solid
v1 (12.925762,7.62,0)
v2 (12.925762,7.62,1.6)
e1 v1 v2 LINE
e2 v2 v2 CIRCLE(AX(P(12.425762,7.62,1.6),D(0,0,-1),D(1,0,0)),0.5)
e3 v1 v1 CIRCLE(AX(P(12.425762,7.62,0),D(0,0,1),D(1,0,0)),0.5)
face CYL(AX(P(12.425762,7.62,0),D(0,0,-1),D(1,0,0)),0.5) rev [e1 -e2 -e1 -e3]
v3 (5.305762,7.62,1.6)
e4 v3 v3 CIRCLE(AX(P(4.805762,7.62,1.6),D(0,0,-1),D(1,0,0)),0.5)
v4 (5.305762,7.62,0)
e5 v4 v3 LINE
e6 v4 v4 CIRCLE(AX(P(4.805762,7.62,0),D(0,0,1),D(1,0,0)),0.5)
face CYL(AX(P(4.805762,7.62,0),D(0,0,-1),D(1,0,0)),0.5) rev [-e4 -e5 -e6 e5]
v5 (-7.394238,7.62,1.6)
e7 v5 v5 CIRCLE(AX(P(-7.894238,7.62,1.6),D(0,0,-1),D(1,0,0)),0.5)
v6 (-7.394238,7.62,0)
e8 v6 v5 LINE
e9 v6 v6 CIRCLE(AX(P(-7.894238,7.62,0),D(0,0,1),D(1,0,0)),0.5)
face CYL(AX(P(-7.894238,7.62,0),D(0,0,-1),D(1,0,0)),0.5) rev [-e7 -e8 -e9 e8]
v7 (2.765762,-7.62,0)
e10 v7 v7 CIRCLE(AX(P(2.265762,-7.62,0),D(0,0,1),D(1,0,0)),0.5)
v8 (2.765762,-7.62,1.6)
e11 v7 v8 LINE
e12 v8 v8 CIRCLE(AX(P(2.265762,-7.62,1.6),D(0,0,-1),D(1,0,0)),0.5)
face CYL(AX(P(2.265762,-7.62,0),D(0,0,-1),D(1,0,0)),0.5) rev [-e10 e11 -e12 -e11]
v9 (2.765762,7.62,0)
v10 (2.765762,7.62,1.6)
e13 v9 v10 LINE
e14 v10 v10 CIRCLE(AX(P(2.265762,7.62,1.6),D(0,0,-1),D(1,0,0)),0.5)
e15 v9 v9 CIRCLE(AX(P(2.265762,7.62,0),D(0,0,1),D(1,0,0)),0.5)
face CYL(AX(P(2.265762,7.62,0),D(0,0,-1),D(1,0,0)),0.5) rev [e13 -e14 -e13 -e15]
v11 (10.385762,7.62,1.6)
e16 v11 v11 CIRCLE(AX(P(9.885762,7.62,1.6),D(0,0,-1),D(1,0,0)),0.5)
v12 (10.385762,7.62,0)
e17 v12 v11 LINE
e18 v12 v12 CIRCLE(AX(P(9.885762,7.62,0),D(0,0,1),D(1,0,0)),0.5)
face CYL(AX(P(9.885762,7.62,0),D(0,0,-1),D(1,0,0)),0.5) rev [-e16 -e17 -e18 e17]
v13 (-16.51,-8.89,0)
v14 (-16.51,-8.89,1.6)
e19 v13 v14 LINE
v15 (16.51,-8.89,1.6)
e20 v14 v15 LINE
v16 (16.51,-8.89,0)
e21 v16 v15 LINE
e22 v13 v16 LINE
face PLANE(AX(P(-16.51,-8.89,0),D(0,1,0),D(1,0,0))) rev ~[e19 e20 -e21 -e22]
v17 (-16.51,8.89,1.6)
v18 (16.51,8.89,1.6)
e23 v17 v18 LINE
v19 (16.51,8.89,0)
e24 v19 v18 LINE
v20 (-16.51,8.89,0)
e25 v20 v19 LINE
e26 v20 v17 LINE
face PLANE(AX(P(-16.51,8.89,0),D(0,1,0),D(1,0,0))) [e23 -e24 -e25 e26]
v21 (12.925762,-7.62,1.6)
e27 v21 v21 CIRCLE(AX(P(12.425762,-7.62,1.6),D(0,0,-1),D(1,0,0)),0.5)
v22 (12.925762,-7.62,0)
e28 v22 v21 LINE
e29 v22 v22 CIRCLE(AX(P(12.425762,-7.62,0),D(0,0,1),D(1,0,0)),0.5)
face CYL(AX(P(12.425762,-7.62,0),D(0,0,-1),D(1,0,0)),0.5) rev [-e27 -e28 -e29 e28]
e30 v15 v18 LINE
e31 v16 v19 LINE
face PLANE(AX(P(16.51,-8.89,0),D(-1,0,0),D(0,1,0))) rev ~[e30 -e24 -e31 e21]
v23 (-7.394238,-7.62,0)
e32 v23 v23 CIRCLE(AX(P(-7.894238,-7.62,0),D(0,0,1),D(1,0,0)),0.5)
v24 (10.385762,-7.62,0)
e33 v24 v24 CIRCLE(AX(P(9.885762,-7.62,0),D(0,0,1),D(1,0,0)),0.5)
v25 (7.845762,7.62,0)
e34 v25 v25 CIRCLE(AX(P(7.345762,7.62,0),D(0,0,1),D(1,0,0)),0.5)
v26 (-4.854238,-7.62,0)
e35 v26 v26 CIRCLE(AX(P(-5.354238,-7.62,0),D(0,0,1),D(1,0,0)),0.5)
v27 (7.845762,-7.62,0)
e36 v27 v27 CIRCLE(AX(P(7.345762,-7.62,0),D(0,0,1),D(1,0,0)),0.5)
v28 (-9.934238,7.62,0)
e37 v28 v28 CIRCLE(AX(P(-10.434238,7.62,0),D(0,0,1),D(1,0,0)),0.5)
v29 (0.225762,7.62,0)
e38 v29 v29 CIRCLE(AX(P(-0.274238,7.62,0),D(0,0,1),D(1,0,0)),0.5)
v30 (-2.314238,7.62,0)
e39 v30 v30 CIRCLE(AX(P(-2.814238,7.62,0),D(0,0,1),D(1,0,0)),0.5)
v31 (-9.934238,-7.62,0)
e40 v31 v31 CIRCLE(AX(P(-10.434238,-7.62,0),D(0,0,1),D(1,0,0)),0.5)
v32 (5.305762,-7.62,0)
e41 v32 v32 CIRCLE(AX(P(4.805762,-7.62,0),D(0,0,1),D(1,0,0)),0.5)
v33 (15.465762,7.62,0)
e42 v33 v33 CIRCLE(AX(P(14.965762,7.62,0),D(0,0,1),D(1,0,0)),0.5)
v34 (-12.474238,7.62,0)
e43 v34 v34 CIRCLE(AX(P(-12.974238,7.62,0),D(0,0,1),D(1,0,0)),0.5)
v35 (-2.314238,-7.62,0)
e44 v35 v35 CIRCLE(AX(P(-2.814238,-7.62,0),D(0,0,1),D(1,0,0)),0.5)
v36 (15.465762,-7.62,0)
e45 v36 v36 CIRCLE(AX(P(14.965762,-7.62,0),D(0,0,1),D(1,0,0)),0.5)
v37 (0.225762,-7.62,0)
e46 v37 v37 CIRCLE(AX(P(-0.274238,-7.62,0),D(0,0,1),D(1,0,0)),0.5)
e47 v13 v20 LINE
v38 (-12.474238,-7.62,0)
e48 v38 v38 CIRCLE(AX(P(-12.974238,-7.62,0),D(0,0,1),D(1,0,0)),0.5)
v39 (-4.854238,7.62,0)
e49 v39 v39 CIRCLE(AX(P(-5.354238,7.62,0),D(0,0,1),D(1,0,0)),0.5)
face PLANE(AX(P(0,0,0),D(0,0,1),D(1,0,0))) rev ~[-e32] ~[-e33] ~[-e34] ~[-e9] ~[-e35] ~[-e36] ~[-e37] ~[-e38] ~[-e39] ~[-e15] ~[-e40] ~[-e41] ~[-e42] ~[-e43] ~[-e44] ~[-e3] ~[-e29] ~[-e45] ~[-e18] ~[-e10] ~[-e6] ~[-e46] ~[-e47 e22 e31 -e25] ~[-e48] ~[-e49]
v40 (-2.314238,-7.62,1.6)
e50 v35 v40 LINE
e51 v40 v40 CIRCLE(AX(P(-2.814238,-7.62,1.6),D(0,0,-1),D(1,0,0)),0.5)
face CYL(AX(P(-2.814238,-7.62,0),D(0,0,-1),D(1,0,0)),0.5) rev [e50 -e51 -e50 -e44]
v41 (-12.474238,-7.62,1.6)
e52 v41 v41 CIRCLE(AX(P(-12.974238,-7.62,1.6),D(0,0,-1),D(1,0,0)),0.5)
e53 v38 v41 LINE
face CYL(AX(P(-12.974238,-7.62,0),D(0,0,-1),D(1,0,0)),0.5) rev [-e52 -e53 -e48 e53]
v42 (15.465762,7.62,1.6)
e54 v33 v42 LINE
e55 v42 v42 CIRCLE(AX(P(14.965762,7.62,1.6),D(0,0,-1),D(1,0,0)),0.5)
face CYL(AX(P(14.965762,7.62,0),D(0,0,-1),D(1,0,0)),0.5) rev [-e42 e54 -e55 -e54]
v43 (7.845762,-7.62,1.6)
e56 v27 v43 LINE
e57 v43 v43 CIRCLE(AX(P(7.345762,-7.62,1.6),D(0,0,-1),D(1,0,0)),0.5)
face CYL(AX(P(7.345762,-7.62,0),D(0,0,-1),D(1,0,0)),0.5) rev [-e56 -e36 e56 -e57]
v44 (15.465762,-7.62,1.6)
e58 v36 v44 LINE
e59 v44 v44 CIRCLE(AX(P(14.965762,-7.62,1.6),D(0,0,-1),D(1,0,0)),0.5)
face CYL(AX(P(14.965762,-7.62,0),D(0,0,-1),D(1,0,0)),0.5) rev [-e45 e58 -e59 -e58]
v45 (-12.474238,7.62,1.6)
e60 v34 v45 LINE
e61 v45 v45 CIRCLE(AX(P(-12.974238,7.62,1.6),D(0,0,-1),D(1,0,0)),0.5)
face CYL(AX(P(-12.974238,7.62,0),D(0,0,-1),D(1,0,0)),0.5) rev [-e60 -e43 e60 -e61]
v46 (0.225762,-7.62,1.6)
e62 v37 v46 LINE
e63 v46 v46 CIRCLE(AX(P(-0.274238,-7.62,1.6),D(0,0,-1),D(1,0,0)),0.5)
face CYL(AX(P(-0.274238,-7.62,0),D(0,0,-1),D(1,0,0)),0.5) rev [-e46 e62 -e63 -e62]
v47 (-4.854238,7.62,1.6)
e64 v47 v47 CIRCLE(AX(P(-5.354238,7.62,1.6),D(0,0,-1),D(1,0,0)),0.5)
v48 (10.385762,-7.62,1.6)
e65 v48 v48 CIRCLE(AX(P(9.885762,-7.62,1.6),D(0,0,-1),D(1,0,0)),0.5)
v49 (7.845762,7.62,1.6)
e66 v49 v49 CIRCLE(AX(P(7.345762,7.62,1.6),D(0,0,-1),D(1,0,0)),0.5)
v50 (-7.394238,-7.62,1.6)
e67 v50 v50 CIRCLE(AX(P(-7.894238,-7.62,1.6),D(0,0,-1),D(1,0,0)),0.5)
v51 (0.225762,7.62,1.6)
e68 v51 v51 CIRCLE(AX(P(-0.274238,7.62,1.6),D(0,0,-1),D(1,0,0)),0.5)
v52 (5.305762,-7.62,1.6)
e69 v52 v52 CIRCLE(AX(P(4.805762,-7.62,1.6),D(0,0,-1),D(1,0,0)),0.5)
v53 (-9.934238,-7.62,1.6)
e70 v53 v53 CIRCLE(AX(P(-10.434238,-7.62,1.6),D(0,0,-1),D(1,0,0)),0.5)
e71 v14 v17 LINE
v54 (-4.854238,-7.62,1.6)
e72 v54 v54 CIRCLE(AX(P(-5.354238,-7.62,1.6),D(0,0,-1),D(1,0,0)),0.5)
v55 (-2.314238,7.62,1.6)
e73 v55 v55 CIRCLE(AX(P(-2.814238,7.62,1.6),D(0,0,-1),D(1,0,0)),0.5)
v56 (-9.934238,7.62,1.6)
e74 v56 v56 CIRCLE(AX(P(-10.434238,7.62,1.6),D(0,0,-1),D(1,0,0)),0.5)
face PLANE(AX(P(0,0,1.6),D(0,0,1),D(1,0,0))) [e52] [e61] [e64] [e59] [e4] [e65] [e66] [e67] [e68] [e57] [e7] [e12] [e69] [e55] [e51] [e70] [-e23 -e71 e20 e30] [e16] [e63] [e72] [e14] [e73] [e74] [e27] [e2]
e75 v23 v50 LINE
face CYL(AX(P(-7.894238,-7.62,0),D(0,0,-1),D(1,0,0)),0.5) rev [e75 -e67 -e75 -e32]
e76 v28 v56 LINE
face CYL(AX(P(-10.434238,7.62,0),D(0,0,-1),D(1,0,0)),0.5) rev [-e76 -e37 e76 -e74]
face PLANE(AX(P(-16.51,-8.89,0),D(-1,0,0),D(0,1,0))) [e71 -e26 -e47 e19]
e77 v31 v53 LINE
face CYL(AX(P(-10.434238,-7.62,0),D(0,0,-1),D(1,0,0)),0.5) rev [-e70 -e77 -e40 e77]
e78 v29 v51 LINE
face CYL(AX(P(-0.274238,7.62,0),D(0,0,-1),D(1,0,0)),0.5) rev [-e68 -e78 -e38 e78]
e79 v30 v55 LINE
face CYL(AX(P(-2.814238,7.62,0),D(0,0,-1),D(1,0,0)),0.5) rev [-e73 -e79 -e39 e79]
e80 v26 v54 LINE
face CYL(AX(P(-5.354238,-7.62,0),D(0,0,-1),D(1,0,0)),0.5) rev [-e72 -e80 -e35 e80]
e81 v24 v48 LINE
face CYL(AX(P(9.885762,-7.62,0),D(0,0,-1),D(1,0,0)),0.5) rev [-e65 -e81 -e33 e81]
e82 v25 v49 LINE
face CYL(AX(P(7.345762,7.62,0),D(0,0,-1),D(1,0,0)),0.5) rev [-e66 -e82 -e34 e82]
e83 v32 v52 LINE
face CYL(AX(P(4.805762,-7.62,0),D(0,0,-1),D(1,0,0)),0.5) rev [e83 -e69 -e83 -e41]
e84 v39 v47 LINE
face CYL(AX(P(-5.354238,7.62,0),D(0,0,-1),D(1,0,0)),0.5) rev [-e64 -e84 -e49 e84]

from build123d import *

# Parameters (mm, degrees)
F0_W     = 33.02
F0_H     = 17.78
F1_DEPTH = 1.6
F2_R     = 0.5
F3_DEPTH = 25


with BuildPart() as f1:
    # F0 (on Top) → F1 (new body)
    with BuildSketch(Plane.XY):
        Rectangle(F0_W, F0_H)
    extrude(amount=F1_DEPTH)

    # F2 (on Top) → F3 (cut)
    with BuildSketch(Plane.XY):
        with Locations((-12.974238, 7.62)):
            Circle(F2_R)
        with Locations((-10.434238, 7.62)):
            Circle(F2_R)
        with Locations((-7.894238, 7.62)):
            Circle(F2_R)
        with Locations((-5.354238, 7.62)):
            Circle(F2_R)
        with Locations((-2.814238, 7.62)):
            Circle(F2_R)
        with Locations((-0.274238, 7.62)):
            Circle(F2_R)
        with Locations((2.265762, 7.62)):
            Circle(F2_R)
        with Locations((4.805762, 7.62)):
            Circle(F2_R)
        with Locations((7.345762, 7.62)):
            Circle(F2_R)
        with Locations((9.885762, 7.62)):
            Circle(F2_R)
        with Locations((12.425762, 7.62)):
            Circle(F2_R)
        with Locations((14.965762, 7.62)):
            Circle(F2_R)
        with Locations((2.265762, -7.62)):
            Circle(F2_R)
        with Locations((4.805762, -7.62)):
            Circle(F2_R)
        with Locations((7.345762, -7.62)):
            Circle(F2_R)
        with Locations((9.885762, -7.62)):
            Circle(F2_R)
        with Locations((12.425762, -7.62)):
            Circle(F2_R)
        with Locations((-0.274238, -7.62)):
            Circle(F2_R)
        with Locations((14.965762, -7.62)):
            Circle(F2_R)
        with Locations((-2.814238, -7.62)):
            Circle(F2_R)
        with Locations((-7.894238, -7.62)):
            Circle(F2_R)
        with Locations((-12.974238, -7.62)):
            Circle(F2_R)
        with Locations((-5.354238, -7.62)):
            Circle(F2_R)
        with Locations((-10.434238, -7.62)):
            Circle(F2_R)
    extrude(amount=F3_DEPTH, mode=Mode.SUBTRACT)


solid = f1.part
